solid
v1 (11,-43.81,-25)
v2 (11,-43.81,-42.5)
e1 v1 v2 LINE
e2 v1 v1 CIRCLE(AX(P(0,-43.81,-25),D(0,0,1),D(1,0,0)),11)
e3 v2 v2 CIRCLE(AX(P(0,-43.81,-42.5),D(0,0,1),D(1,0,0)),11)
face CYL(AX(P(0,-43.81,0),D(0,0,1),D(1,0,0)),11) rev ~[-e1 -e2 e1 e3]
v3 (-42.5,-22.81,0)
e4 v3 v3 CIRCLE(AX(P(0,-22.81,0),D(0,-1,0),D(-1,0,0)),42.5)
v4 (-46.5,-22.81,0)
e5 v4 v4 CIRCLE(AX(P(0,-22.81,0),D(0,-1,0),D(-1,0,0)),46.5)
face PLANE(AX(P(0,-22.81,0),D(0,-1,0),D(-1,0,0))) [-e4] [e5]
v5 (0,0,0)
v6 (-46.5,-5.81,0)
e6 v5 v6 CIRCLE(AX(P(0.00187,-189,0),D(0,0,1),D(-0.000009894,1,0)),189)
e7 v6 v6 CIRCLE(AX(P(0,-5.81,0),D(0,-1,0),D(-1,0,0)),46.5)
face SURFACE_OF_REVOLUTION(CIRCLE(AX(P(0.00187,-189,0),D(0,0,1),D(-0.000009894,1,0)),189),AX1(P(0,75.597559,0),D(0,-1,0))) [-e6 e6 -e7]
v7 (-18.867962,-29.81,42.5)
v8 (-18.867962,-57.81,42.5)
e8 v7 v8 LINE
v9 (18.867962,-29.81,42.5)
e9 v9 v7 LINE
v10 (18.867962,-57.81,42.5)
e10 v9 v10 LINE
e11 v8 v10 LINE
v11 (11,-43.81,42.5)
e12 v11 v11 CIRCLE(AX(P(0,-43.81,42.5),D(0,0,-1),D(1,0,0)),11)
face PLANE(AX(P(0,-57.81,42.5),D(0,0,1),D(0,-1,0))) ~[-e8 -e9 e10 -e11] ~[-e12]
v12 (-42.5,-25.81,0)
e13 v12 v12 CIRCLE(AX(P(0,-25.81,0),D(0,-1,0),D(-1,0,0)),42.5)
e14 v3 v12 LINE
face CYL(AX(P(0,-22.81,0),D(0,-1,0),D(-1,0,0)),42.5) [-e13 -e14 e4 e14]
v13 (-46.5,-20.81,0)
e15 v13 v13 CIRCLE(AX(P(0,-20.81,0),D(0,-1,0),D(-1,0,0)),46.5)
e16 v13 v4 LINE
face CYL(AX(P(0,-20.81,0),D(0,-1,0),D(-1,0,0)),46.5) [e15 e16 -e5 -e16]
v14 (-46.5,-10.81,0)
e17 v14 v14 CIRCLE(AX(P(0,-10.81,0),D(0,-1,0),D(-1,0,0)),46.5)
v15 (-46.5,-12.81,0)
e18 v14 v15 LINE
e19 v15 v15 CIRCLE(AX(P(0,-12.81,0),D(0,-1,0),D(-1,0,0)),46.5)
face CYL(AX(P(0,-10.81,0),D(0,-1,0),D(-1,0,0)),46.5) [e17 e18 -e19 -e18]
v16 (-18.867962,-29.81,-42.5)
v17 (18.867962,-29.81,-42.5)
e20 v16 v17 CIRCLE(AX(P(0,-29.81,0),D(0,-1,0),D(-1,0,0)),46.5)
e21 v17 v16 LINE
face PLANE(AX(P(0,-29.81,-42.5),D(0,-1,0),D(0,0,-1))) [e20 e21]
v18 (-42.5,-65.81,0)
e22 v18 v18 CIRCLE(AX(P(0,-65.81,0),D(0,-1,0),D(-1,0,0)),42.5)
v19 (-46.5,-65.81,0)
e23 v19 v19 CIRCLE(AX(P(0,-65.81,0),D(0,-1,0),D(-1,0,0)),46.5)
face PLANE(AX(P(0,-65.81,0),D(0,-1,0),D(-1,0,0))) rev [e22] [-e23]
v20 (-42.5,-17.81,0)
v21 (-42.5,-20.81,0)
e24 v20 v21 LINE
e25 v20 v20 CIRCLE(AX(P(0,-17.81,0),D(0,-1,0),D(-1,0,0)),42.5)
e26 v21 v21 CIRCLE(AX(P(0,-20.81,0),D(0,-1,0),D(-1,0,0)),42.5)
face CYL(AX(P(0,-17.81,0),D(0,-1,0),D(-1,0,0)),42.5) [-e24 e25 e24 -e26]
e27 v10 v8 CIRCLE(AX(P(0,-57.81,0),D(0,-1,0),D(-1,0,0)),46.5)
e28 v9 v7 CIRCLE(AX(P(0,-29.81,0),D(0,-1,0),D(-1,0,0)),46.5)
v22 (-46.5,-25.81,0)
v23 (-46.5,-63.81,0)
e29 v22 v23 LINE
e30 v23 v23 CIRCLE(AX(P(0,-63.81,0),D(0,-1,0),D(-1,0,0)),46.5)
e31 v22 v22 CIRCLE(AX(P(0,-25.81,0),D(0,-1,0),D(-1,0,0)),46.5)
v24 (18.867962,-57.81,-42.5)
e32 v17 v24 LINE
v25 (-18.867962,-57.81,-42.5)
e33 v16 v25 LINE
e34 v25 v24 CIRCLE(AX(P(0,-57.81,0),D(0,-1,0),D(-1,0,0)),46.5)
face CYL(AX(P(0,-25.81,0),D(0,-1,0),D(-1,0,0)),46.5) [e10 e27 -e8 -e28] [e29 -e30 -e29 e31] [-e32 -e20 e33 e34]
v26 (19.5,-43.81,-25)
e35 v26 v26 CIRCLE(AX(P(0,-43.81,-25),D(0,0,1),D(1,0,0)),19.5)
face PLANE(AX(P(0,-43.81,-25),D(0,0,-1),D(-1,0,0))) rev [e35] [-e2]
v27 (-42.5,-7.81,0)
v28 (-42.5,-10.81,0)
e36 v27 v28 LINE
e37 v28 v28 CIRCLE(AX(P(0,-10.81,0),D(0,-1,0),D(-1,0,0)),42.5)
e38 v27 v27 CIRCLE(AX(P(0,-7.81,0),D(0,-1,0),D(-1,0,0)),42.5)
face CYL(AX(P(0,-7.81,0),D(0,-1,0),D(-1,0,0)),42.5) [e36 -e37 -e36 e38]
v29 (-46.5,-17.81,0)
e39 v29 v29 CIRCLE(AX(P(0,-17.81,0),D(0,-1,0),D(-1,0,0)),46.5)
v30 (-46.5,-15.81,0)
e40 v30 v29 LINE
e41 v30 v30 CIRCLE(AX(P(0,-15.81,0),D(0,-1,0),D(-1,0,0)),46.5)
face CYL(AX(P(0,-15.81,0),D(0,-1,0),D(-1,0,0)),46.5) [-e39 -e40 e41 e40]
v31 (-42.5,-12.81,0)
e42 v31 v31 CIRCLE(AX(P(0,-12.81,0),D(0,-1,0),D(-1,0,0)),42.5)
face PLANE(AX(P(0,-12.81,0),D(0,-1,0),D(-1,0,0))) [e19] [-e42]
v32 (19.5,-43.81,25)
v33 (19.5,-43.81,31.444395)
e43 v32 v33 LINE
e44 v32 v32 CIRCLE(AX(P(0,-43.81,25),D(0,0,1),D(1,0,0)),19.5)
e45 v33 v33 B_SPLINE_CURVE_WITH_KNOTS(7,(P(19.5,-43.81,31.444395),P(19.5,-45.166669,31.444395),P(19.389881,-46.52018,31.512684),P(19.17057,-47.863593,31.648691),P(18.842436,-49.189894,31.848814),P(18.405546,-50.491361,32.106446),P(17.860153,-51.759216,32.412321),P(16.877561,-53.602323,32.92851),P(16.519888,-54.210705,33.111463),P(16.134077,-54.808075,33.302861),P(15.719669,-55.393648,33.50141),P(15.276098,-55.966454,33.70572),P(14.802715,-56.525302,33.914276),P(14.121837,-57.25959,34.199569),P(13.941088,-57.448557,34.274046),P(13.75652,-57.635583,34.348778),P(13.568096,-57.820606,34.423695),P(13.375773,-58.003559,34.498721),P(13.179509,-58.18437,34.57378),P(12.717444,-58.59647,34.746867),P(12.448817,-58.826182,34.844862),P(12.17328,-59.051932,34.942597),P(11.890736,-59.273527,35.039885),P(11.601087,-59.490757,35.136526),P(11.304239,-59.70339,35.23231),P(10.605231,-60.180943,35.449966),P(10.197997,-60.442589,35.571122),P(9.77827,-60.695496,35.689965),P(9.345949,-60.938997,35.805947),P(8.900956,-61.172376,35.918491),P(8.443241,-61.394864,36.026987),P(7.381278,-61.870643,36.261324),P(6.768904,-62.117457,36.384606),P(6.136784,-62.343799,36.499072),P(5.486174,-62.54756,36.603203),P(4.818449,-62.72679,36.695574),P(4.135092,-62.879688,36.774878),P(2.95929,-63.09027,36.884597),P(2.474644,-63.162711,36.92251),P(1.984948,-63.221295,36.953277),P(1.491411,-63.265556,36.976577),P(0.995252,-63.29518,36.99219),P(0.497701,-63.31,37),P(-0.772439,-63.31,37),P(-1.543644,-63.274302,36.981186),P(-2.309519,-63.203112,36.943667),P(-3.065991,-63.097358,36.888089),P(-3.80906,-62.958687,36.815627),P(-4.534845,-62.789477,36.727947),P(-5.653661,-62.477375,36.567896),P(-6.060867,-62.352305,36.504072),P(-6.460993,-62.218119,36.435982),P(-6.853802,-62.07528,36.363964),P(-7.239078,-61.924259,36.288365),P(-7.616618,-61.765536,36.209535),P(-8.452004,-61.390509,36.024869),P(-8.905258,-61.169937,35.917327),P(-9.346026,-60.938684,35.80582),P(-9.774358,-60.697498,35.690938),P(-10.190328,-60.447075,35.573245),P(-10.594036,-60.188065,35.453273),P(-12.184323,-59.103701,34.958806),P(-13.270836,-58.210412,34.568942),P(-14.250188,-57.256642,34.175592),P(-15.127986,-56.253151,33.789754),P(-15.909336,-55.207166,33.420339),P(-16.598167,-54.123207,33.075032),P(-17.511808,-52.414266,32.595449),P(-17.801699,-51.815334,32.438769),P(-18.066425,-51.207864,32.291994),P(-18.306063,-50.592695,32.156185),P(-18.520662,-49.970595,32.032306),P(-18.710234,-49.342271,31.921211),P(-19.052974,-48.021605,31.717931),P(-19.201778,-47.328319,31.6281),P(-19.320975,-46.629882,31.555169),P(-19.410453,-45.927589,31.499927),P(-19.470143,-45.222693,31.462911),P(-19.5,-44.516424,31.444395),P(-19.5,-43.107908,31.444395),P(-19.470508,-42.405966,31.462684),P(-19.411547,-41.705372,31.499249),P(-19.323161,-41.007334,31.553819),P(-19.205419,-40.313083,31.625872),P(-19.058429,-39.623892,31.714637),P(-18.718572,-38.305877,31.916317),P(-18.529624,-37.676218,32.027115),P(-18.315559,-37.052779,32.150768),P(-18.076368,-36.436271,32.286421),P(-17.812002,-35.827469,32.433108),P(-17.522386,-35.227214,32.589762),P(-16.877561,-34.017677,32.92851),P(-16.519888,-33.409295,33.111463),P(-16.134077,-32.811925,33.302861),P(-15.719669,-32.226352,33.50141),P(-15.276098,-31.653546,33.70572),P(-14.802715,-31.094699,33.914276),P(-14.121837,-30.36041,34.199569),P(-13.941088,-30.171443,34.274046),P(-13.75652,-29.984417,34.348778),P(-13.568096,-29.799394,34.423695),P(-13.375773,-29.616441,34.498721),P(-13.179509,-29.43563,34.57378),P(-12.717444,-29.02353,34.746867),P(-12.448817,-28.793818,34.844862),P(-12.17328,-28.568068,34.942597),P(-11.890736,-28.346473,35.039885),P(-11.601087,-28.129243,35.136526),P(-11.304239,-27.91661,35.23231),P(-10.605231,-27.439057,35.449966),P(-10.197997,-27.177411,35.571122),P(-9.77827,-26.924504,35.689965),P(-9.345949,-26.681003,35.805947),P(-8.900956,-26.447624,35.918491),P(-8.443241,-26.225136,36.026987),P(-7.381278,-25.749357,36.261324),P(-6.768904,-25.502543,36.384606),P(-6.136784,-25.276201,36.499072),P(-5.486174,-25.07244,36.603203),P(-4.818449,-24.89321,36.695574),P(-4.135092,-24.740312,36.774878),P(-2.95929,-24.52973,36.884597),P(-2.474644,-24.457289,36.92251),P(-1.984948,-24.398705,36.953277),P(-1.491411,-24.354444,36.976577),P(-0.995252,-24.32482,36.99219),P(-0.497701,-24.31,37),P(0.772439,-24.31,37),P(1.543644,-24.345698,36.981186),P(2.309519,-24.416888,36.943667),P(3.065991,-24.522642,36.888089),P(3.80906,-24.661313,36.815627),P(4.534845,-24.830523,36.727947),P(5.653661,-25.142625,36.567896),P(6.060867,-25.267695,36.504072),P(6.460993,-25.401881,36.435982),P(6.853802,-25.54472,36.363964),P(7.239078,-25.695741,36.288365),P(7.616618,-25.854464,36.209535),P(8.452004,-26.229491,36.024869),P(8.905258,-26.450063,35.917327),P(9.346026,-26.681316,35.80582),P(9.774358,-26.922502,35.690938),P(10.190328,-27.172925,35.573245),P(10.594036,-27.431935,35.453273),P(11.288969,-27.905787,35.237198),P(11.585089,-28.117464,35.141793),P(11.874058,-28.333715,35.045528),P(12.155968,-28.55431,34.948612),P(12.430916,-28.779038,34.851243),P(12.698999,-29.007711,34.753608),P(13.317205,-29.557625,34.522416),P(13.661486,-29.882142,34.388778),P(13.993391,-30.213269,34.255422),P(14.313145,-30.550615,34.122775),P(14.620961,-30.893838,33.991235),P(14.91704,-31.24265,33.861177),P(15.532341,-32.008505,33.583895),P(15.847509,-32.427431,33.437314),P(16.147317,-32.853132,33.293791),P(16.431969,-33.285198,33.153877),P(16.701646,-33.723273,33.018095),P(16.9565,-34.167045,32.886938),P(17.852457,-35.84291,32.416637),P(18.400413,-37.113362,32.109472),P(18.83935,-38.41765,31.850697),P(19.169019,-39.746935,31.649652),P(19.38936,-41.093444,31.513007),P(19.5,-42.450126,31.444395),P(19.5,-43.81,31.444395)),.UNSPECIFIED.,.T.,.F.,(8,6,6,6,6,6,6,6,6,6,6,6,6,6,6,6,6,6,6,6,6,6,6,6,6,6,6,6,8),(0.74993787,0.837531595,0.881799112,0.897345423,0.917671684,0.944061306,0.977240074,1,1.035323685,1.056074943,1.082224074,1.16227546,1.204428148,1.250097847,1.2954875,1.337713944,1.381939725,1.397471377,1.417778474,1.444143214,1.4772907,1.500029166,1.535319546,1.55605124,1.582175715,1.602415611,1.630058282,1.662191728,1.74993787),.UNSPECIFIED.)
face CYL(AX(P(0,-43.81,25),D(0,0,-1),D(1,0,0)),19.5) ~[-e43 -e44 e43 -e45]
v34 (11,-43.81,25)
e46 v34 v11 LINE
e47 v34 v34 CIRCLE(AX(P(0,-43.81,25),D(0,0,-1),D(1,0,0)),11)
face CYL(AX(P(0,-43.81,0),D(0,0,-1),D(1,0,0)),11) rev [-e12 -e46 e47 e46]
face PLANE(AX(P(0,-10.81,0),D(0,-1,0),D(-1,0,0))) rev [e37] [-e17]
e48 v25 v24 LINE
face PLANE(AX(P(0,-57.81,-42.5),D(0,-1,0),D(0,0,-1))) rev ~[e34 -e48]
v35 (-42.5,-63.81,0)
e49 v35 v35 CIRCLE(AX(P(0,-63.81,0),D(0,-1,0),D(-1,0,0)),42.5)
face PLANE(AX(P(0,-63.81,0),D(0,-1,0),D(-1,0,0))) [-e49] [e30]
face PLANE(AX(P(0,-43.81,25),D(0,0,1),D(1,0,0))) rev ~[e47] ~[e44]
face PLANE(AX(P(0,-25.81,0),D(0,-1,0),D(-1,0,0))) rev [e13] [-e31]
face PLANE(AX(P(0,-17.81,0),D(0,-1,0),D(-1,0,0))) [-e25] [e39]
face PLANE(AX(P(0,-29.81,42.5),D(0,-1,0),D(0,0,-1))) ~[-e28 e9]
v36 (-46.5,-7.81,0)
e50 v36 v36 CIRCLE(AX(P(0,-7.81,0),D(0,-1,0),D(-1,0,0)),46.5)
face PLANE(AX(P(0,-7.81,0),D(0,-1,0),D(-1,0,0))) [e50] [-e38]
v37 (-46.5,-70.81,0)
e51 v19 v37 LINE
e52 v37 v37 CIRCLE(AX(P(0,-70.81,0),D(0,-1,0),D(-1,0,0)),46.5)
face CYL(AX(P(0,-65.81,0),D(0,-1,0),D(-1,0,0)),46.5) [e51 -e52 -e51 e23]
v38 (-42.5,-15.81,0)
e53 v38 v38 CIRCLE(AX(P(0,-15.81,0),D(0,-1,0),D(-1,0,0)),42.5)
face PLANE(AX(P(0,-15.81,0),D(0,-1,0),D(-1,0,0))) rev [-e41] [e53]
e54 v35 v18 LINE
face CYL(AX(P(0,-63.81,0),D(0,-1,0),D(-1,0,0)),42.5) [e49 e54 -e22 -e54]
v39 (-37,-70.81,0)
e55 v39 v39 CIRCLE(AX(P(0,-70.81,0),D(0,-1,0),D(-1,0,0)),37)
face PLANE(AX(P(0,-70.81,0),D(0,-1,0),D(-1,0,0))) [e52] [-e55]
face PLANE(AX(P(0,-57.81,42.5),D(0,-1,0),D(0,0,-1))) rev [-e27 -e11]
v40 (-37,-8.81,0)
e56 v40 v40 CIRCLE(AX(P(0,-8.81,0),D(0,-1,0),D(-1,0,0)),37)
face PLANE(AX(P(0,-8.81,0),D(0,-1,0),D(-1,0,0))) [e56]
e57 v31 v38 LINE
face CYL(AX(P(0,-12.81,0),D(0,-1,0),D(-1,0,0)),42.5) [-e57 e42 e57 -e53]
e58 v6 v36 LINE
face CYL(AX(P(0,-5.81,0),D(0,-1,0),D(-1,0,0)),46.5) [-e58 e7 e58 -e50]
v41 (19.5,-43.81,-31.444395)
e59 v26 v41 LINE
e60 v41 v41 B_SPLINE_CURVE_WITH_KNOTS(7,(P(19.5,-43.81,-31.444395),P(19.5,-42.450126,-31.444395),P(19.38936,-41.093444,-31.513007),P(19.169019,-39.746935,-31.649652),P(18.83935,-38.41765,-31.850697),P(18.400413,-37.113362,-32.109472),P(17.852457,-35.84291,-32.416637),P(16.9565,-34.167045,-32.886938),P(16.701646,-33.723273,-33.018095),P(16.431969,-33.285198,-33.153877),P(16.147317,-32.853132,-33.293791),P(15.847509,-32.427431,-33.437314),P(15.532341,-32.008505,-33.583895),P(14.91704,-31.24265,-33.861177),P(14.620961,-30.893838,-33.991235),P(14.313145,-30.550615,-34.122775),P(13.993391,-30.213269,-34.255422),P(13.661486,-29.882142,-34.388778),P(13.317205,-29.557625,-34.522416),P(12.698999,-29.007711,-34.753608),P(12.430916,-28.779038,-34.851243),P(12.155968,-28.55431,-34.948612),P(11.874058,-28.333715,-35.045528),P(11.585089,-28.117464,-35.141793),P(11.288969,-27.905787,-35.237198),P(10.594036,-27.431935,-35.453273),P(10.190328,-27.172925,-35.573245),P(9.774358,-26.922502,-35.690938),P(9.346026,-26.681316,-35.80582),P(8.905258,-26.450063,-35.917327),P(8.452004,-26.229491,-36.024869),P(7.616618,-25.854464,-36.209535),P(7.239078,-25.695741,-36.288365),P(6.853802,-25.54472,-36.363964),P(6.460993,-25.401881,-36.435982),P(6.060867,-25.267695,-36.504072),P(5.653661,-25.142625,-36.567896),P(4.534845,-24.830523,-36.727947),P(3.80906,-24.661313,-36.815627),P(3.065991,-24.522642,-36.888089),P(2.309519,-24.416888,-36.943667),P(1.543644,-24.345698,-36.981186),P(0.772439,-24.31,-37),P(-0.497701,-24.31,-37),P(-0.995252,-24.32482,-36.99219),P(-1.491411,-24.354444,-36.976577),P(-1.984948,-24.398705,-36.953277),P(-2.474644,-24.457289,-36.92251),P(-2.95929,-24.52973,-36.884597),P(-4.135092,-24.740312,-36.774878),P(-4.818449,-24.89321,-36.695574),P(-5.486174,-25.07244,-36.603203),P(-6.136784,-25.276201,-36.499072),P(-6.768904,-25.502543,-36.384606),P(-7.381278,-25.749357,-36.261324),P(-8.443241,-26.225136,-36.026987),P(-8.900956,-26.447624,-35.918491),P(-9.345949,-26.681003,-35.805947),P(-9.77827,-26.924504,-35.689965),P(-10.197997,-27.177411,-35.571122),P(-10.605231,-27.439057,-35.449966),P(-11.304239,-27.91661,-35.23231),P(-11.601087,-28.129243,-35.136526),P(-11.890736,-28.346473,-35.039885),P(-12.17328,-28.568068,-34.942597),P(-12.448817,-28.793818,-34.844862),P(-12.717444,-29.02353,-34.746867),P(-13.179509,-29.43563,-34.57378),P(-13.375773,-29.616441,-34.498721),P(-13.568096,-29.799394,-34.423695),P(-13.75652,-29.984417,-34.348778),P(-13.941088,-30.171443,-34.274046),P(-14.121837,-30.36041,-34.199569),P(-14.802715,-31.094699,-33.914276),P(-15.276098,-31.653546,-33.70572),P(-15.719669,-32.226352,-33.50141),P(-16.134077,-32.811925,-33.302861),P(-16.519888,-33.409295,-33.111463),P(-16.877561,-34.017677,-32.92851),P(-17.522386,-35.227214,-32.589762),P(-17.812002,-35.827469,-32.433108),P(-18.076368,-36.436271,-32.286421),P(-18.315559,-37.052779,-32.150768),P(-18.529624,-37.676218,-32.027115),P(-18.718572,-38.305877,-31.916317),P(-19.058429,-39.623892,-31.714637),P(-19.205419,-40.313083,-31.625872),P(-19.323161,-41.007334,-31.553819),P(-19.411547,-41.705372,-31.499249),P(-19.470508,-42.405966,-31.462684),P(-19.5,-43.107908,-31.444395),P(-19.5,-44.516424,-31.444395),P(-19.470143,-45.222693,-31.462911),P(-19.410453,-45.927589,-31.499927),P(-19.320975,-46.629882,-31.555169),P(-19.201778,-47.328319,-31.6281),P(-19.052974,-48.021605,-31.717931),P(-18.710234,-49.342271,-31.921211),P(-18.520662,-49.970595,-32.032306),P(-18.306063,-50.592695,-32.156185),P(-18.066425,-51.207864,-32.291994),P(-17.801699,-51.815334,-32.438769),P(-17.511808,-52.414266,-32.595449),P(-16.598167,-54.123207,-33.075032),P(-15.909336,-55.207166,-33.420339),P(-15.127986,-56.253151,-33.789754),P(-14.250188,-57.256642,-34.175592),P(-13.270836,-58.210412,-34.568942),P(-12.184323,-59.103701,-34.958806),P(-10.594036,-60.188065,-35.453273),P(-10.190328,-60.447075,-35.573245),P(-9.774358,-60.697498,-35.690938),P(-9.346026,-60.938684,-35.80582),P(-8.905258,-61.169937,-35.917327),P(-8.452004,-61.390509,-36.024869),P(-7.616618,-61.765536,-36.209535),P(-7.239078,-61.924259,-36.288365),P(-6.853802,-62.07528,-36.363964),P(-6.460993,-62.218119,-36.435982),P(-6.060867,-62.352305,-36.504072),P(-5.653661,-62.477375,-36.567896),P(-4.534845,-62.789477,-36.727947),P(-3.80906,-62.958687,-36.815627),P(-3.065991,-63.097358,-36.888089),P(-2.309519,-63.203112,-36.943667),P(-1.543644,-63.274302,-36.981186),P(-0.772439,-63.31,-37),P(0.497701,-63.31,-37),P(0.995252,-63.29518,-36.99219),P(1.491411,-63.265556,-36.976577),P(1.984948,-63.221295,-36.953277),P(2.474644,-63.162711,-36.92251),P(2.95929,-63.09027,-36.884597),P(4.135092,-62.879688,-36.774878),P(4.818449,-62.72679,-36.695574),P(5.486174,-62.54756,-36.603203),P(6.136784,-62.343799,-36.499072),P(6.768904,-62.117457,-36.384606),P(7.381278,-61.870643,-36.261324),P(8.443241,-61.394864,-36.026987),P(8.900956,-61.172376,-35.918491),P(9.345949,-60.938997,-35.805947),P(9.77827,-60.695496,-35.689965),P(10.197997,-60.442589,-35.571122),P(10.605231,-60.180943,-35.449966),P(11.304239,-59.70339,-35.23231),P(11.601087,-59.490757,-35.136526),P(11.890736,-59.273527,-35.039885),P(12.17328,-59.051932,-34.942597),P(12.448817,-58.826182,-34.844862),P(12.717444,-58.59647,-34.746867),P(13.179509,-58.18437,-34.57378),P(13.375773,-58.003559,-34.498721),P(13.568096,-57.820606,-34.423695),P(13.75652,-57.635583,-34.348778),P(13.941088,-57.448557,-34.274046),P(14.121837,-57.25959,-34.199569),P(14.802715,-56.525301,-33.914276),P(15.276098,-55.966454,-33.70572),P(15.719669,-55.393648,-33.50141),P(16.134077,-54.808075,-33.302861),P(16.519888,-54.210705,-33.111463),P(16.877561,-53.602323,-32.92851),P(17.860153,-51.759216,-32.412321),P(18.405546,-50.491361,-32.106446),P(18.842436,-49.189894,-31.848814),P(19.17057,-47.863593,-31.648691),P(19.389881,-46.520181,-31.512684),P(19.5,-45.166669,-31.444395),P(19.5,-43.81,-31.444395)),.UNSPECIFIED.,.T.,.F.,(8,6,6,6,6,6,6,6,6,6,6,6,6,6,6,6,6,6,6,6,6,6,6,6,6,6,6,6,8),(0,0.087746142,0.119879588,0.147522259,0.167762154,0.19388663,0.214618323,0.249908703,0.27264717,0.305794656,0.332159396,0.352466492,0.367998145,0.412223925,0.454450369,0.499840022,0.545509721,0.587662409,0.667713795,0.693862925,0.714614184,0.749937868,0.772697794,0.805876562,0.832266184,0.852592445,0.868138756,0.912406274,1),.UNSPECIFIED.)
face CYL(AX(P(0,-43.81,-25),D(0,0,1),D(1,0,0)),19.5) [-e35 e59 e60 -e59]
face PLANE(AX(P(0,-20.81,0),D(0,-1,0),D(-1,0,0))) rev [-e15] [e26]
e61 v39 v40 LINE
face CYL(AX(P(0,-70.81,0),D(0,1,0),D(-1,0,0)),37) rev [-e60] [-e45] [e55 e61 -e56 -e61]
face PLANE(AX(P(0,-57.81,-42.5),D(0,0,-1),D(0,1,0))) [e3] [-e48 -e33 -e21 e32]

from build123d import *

# Parameters (mm, degrees)
BOSS_EXTRUDE1_REACH     = 112.854
SKETCH2_R               = 19.5
CUT_EXTRUDE1_DEPTH      = 97.636205083
CUT_EXTRUDE1_DEPTH_BACK = 97.636205083
SKETCH3_R               = 11
SKETCH4_W               = 8
SKETCH4_H               = 28
CUT_EXTRUDE2_DEPTH      = 97.636205083


with BuildPart() as part:
    # Sketch1 → Revolve1 (revolve)
    with BuildSketch(Plane.XY):
        with BuildLine():
            Line((-46.5, -5.81), (-46.5, -7.81))
            Line((-46.5, -7.81), (-42.5, -7.81))
            Line((-42.5, -7.81), (-42.5, -10.81))
            Line((-42.5, -10.81), (-46.5, -10.81))
            Line((-46.5, -10.81), (-46.5, -12.81))
            Line((-46.5, -12.81), (-42.5, -12.81))
            Line((-42.5, -12.81), (-42.5, -15.81))
            Line((-42.5, -15.81), (-46.5, -15.81))
            Line((-46.5, -15.81), (-46.5, -17.81))
            Line((-46.5, -17.81), (-42.5, -17.81))
            Line((-42.5, -17.81), (-42.5, -20.81))
            Line((-42.5, -20.81), (-46.5, -20.81))
            Line((-46.5, -20.81), (-46.5, -22.81))
            Line((-46.5, -22.81), (-42.5, -22.81))
            Line((-42.5, -22.81), (-42.5, -25.81))
            Line((-42.5, -25.81), (-46.5, -25.81))
            Line((-46.5, -25.81), (-46.5, -63.81))
            Line((-46.5, -63.81), (-42.5, -63.81))
            Line((-42.5, -63.81), (-42.5, -65.81))
            Line((-42.5, -65.81), (-46.5, -65.81))
            Line((-46.5, -65.81), (-46.5, -70.81))
            Line((-46.5, -70.81), (-37, -70.81))
            Line((-37, -70.81), (-37, -8.81))
            Line((-37, -8.81), (0, -8.81))
            Line((0, -8.81), (0, 0))
            ThreePointArc((0, 0), (-23.430767144, -1.458240584), (-46.5, -5.81))
        make_face()
    revolve(axis=Axis((0, 75.597559419, 0), (0, -1, 0)))

    # Sketch2 → Boss-Extrude1 (add, up to next)
    with BuildSketch(Plane.XY.offset(25), mode=Mode.PRIVATE) as boss_extrude1_sk1:
        with Locations((0, -43.81)):
            Circle(SKETCH2_R)
    boss_extrude1_tool1 = extrude(boss_extrude1_sk1.sketch, amount=BOSS_EXTRUDE1_REACH, mode=Mode.PRIVATE) - part.part
    boss_extrude1 = boss_extrude1_tool1.solids().sort_by_distance((0, -43.81, 25))[0]
    add(boss_extrude1)

    # Mirror1: Boss-Extrude1 across plane
    add(boss_extrude1.mirror(Plane.XY))

    # Sketch3 → Cut-Extrude1 (cut, two sides: drawn at the far end of the back side and taken through both)
    with BuildSketch(Plane.XY.offset(-CUT_EXTRUDE1_DEPTH_BACK)):
        with Locations((0, -43.81)):
            Circle(SKETCH3_R)
    extrude(amount=CUT_EXTRUDE1_DEPTH + CUT_EXTRUDE1_DEPTH_BACK, mode=Mode.SUBTRACT)

    # Sketch4 → Cut-Extrude2 (cut, symmetric)
    with BuildSketch(Plane(origin=(0, 0, 0), x_dir=(0, 0, -1), z_dir=(1, 0, 0))):
        with Locations((46.5, -43.81)):
            Rectangle(SKETCH4_W, SKETCH4_H)
    cut_extrude2 = extrude(amount=CUT_EXTRUDE2_DEPTH, both=True, mode=Mode.SUBTRACT)

    # Mirror2: Cut-Extrude2 across plane
    add(cut_extrude2.mirror(Plane.XY), mode=Mode.SUBTRACT)


solid = part.part
